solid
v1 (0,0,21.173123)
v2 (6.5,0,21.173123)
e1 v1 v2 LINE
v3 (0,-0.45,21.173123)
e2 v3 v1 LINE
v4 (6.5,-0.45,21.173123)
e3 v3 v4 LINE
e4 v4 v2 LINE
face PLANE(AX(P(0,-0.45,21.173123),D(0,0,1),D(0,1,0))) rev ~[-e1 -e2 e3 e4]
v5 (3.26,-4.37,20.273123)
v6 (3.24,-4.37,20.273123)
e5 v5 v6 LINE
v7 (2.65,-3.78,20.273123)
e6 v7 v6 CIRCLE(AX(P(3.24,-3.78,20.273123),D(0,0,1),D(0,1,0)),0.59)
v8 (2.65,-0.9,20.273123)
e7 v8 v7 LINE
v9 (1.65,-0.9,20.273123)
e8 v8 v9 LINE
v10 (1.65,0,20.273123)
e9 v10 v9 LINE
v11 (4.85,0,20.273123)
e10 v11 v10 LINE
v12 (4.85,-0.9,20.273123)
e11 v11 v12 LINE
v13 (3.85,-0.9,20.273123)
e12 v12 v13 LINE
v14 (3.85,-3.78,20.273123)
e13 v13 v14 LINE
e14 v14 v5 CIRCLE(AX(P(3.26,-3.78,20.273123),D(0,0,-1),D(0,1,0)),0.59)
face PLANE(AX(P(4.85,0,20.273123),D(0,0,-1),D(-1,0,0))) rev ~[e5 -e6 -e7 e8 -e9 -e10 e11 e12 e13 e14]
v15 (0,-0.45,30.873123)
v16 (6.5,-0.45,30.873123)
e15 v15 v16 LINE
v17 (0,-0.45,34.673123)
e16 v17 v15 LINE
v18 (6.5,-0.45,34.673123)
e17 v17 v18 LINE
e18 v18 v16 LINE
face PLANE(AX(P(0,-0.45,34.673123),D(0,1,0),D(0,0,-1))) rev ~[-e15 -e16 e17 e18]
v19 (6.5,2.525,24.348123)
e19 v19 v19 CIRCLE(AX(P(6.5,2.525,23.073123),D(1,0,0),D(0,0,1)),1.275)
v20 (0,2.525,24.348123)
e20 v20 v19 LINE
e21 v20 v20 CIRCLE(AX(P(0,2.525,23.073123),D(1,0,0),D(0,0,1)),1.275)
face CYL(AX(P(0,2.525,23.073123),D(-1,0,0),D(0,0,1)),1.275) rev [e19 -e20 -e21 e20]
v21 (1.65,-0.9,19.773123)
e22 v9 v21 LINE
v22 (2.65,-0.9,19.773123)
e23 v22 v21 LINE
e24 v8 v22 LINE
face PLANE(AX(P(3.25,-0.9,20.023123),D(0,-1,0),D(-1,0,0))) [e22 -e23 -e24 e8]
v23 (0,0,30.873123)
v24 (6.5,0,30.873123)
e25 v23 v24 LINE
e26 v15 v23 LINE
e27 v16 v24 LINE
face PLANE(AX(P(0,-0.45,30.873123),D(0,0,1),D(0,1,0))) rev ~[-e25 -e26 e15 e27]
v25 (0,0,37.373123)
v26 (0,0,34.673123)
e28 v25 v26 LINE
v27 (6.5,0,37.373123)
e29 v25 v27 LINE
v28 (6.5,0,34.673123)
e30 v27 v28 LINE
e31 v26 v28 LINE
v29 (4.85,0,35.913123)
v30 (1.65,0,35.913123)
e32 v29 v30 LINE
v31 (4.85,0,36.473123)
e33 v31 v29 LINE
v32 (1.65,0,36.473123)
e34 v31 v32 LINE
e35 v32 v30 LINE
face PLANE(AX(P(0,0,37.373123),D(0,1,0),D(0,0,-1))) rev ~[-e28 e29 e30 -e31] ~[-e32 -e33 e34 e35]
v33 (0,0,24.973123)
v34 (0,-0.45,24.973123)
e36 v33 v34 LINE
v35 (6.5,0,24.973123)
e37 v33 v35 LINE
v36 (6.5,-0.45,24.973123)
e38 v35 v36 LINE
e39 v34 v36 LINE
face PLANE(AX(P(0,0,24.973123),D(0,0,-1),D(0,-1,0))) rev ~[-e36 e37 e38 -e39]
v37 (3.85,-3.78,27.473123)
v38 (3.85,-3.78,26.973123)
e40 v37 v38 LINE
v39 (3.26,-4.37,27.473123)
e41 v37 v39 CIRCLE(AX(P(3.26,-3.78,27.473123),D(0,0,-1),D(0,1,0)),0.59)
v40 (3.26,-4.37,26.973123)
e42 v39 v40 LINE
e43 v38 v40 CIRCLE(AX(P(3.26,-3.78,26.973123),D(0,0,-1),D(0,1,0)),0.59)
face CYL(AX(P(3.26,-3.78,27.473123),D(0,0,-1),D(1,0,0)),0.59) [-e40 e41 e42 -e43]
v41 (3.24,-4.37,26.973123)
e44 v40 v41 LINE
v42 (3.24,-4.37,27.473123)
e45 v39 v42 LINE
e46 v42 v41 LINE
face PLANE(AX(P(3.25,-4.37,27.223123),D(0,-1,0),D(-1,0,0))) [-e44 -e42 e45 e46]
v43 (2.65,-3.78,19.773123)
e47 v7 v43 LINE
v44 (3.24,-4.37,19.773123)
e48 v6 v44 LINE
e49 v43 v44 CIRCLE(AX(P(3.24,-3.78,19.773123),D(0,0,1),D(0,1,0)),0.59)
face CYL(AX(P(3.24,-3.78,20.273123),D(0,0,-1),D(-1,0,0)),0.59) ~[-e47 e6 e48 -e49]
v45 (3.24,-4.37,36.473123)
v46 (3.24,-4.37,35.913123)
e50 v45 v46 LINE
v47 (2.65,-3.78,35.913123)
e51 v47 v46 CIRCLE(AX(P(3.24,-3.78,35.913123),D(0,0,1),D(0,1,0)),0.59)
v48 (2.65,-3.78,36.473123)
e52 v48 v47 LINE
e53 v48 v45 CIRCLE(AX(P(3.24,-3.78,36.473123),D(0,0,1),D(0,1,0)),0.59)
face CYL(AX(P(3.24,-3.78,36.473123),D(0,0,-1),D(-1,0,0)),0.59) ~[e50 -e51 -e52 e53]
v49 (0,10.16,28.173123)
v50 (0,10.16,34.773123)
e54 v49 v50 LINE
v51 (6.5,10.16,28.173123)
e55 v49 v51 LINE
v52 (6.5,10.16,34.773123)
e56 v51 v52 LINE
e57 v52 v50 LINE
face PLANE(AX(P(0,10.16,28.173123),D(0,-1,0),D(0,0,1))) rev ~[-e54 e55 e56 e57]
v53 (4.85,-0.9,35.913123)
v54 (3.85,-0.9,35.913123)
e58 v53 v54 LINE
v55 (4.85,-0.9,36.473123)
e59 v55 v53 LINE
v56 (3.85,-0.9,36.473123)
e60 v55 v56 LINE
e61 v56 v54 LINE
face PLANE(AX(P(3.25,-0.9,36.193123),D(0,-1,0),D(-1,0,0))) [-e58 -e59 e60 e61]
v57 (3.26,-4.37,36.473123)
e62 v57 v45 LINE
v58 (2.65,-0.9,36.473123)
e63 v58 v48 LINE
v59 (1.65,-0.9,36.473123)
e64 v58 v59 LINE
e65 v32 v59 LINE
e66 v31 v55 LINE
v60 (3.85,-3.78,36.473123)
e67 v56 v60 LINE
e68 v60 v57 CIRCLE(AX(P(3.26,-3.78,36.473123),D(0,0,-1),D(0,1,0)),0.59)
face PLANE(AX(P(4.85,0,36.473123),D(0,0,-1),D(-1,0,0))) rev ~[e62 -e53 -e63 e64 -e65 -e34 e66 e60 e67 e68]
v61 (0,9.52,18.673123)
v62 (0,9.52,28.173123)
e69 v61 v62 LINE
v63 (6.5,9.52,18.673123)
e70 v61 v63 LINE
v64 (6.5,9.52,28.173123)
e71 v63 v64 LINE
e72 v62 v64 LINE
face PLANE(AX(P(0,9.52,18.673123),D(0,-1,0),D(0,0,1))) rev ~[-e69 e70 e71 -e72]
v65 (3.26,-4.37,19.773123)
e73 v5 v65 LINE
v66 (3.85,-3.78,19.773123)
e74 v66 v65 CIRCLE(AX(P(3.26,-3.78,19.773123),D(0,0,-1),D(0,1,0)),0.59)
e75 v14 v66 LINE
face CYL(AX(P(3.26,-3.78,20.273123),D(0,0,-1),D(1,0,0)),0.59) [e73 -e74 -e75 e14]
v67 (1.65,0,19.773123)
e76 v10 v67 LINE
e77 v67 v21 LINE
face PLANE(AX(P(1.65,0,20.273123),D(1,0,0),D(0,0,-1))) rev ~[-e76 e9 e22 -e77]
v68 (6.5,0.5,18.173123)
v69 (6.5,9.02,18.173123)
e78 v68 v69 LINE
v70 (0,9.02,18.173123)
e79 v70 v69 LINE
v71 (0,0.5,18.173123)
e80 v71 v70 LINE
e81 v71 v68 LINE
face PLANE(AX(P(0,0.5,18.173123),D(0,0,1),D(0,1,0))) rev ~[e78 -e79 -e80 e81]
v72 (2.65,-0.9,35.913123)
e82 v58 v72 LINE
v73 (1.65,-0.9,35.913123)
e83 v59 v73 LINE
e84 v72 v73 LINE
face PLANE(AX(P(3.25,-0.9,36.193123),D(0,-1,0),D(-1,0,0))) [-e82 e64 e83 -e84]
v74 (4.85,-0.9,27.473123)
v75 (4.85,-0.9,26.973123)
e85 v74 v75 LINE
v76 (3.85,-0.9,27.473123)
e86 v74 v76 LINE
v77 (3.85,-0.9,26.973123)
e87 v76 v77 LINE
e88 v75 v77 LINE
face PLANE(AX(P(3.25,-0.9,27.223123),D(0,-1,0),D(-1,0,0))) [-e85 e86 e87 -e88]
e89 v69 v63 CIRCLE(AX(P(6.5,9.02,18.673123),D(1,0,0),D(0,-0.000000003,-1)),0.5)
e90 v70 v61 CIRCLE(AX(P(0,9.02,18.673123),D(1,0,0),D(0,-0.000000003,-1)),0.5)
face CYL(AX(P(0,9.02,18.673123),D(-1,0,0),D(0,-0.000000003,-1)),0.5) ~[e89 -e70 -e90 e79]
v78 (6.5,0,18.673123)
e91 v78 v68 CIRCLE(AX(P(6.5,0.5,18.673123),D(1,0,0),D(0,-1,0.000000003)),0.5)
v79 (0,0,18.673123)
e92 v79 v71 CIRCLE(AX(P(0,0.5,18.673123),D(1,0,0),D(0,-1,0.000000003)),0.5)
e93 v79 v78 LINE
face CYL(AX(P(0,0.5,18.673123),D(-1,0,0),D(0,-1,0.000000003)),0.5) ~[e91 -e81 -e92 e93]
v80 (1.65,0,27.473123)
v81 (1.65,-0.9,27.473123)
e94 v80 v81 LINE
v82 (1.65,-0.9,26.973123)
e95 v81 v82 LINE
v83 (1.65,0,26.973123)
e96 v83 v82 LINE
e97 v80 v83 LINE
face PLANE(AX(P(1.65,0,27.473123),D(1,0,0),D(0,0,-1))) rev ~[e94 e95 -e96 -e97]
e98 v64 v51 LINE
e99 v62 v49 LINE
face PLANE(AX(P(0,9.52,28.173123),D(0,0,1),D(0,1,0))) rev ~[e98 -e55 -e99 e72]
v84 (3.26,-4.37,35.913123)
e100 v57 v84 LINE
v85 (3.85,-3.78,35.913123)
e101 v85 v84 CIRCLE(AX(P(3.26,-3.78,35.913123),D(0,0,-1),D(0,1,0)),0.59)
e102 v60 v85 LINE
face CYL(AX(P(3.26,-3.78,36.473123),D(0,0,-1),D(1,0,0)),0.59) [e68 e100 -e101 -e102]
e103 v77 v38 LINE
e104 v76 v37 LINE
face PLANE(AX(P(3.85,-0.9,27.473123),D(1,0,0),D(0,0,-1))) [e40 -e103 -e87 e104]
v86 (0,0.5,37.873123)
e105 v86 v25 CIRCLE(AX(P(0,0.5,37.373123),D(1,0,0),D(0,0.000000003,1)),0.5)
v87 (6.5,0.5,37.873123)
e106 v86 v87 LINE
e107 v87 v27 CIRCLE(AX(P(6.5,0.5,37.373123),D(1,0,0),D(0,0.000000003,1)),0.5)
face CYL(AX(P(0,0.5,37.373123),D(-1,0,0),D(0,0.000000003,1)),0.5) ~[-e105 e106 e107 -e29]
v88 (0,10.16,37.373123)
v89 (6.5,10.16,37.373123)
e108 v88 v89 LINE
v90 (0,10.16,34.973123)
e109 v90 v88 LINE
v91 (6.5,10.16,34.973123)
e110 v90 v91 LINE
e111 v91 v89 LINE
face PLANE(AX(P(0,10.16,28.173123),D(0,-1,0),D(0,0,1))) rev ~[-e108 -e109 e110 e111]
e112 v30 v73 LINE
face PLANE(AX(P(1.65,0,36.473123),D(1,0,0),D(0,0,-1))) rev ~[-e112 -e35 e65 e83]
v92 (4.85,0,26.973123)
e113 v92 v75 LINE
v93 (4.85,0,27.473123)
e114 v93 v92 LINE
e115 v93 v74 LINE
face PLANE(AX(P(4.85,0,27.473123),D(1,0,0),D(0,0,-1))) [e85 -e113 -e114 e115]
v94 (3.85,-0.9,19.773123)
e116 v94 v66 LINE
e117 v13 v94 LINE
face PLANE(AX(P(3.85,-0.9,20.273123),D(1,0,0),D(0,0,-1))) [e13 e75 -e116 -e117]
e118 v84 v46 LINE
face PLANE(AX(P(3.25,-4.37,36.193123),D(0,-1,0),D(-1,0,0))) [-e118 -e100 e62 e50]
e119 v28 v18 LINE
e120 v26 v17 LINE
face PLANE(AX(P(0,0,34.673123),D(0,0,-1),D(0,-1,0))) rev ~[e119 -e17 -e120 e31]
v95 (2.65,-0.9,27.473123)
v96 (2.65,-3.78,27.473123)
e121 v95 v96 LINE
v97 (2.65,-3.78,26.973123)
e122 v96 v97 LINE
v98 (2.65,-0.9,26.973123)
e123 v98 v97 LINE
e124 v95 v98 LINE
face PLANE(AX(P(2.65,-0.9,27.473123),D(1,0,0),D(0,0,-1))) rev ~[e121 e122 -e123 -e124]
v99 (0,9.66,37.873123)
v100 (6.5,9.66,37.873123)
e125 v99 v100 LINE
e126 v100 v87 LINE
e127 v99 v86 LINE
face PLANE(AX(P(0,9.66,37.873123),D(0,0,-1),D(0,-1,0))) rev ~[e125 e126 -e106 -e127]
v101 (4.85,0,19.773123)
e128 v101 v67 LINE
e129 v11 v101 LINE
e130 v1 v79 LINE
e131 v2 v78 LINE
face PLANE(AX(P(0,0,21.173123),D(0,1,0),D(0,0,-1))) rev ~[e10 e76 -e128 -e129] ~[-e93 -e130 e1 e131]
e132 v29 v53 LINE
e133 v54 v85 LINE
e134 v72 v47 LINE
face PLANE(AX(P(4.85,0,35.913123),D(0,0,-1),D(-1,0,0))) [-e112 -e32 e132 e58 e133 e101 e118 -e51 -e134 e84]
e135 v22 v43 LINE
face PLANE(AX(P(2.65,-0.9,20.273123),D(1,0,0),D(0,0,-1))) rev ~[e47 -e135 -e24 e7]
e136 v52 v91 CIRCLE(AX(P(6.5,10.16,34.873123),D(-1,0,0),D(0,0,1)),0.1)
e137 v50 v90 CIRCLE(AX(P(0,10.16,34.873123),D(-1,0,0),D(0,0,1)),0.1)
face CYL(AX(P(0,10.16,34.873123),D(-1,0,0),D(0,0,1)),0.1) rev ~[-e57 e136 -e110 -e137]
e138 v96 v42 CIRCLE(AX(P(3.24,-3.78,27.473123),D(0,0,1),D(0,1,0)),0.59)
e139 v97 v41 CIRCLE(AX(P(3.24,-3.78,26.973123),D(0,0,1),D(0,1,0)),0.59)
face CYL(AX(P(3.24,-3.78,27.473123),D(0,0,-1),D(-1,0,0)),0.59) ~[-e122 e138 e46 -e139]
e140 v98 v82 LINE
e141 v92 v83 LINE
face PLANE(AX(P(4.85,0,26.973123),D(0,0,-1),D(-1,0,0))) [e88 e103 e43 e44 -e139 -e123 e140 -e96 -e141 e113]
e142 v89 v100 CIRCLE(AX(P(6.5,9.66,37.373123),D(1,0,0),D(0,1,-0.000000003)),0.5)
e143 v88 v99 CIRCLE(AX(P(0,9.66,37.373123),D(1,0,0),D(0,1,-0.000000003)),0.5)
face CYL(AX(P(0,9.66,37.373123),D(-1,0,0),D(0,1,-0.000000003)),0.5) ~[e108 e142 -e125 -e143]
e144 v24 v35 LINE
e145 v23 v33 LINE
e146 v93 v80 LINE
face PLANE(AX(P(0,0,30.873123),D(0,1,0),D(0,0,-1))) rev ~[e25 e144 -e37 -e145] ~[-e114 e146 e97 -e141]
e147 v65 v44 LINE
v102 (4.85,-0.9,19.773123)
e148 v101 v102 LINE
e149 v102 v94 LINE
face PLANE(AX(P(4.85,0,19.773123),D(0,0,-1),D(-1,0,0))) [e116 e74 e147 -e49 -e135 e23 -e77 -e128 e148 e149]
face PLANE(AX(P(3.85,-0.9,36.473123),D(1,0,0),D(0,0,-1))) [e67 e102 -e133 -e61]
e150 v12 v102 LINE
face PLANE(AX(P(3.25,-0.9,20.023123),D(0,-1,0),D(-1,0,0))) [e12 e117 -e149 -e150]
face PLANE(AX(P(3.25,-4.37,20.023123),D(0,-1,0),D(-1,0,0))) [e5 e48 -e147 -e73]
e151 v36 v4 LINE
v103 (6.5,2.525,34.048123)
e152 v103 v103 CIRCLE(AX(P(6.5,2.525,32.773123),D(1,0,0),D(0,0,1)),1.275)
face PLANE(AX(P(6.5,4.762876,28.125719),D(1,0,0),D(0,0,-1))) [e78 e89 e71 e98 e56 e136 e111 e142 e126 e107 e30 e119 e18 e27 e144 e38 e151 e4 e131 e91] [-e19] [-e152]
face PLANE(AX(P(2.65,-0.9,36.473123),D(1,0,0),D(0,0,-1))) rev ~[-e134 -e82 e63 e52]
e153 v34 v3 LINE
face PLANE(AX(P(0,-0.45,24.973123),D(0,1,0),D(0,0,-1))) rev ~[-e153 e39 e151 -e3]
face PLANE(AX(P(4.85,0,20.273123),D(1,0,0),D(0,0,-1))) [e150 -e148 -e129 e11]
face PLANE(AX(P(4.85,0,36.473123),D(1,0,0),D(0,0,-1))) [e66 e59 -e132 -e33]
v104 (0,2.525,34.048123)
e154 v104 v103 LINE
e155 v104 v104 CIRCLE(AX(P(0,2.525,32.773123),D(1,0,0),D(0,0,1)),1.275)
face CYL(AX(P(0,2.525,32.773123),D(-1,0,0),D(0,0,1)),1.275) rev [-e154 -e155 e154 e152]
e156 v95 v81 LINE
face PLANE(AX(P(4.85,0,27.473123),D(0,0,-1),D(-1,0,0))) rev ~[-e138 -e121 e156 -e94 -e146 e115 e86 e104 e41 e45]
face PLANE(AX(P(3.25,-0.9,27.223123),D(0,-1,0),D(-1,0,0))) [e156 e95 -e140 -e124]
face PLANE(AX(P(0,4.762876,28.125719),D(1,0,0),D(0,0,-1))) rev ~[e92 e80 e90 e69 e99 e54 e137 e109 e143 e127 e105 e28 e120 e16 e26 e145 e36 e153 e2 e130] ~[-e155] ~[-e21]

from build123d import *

# Parameters (mm, degrees)
SKETCH1_R             = 1.275
BOSS_EXTRUDE1_DEPTH   = 6.5
SKETCH3_W             = 3.2
SKETCH3_H             = 0.56
SKETCH3_H_2           = 0.5
BOSS_EXTRUDE3_DEPTH   = 0.9
SKETCH4_W             = 1.2
SKETCH4_H             = 0.56
SKETCH4_H_2           = 0.5
BOSS_EXTRUDE4_DEPTH   = 3.47
FILLET2_R             = 0.59
ESBO_O1_R             = 0.1
CORTE_EXTRUS_O1_DEPTH = 40.747314551


with BuildPart() as part:
    # Sketch1 → Boss-Extrude1 (new body)
    with BuildSketch(Plane(origin=(0, 0, 0), x_dir=(0, 0, -1), z_dir=(1, 0, 0))):
        with BuildLine():
            Line((-37.373122581, 0), (-34.673122581, 0))
            Line((-34.673122581, 0), (-34.673122581, -0.45))
            Line((-34.673122581, -0.45), (-30.873122581, -0.45))
            Line((-30.873122581, -0.45), (-30.873122581, 0))
            Line((-30.873122581, 0), (-24.973122581, 0))
            Line((-24.973122581, 0), (-24.973122581, -0.45))
            Line((-24.973122581, -0.45), (-21.173122581, -0.45))
            Line((-21.173122581, -0.45), (-21.173122581, 0))
            Line((-21.173122581, 0), (-18.673122581, 0))
            ThreePointArc((-18.673122581, 0), (-18.31956919, 0.146446609), (-18.173122581, 0.5))
            Line((-18.173122581, 0.5), (-18.173122581, 9.02))
            ThreePointArc((-18.173122581, 9.02), (-18.31956919, 9.373553391), (-18.673122581, 9.52))
            Line((-18.673122581, 9.52), (-28.173122581, 9.52))
            Line((-28.173122581, 9.52), (-28.173122581, 10.16))
            Line((-28.173122581, 10.16), (-37.373122581, 10.16))
            ThreePointArc((-37.373122581, 10.16), (-37.726675972, 10.013553391), (-37.873122581, 9.66))
            Line((-37.873122581, 9.66), (-37.873122581, 0.5))
            ThreePointArc((-37.873122581, 0.5), (-37.726675972, 0.146446609), (-37.373122581, 0))
        make_face()
        with Locations(Location((-32.773122581, 2.525, 0), (0, 0, 180))):
            Circle(SKETCH1_R, mode=Mode.SUBTRACT)
        with Locations(Location((-23.073122581, 2.525, 0), (0, 0, 180))):
            Circle(SKETCH1_R, mode=Mode.SUBTRACT)
    extrude(amount=BOSS_EXTRUDE1_DEPTH)

    # Sketch3 → Boss-Extrude3 (add)
    with BuildSketch(Plane(origin=(0, 0, 0), x_dir=(-1, 0, 0), z_dir=(0, -1, 0))):
        with Locations((-3.25, -36.193122581)):
            Rectangle(SKETCH3_W, SKETCH3_H)
        with Locations((-3.25, -27.223122581)):
            Rectangle(SKETCH3_W, SKETCH3_H_2)
        with Locations((-3.25, -20.023122581)):
            Rectangle(SKETCH3_W, SKETCH3_H_2)
    extrude(amount=BOSS_EXTRUDE3_DEPTH)

    # Sketch4 → Boss-Extrude4 (add)
    with BuildSketch(Plane(origin=(0, -0.9, 0), x_dir=(-1, 0, 0), z_dir=(0, -1, 0))):
        with Locations((-3.25, -36.193122581)):
            Rectangle(SKETCH4_W, SKETCH4_H)
        with Locations((-3.25, -27.223122581)):
            Rectangle(SKETCH4_W, SKETCH4_H_2)
        with Locations((-3.25, -20.023122581)):
            Rectangle(SKETCH4_W, SKETCH4_H_2)
    extrude(amount=BOSS_EXTRUDE4_DEPTH)

    # Fillet2
    fillet2_edges = [part.edges().sort_by_distance(p)[0] for p in [
        (2.65, -4.37, 36.193122581),
        (3.85, -4.37, 36.193122581),
        (2.65, -4.37, 27.223122581),
        (3.85, -4.37, 27.223122581),
        (3.85, -4.37, 20.023122581),
        (2.65, -4.37, 20.023122581),
    ]]
    fillet(fillet2_edges, radius=FILLET2_R)

    # Esboço1 → Corte-extrusão1 (cut, through all)
    with BuildSketch(Plane.ZY):
        with Locations((34.873122581, 10.16)):
            Circle(ESBO_O1_R)
    extrude(amount=-CORTE_EXTRUS_O1_DEPTH, mode=Mode.SUBTRACT)


solid = part.part
